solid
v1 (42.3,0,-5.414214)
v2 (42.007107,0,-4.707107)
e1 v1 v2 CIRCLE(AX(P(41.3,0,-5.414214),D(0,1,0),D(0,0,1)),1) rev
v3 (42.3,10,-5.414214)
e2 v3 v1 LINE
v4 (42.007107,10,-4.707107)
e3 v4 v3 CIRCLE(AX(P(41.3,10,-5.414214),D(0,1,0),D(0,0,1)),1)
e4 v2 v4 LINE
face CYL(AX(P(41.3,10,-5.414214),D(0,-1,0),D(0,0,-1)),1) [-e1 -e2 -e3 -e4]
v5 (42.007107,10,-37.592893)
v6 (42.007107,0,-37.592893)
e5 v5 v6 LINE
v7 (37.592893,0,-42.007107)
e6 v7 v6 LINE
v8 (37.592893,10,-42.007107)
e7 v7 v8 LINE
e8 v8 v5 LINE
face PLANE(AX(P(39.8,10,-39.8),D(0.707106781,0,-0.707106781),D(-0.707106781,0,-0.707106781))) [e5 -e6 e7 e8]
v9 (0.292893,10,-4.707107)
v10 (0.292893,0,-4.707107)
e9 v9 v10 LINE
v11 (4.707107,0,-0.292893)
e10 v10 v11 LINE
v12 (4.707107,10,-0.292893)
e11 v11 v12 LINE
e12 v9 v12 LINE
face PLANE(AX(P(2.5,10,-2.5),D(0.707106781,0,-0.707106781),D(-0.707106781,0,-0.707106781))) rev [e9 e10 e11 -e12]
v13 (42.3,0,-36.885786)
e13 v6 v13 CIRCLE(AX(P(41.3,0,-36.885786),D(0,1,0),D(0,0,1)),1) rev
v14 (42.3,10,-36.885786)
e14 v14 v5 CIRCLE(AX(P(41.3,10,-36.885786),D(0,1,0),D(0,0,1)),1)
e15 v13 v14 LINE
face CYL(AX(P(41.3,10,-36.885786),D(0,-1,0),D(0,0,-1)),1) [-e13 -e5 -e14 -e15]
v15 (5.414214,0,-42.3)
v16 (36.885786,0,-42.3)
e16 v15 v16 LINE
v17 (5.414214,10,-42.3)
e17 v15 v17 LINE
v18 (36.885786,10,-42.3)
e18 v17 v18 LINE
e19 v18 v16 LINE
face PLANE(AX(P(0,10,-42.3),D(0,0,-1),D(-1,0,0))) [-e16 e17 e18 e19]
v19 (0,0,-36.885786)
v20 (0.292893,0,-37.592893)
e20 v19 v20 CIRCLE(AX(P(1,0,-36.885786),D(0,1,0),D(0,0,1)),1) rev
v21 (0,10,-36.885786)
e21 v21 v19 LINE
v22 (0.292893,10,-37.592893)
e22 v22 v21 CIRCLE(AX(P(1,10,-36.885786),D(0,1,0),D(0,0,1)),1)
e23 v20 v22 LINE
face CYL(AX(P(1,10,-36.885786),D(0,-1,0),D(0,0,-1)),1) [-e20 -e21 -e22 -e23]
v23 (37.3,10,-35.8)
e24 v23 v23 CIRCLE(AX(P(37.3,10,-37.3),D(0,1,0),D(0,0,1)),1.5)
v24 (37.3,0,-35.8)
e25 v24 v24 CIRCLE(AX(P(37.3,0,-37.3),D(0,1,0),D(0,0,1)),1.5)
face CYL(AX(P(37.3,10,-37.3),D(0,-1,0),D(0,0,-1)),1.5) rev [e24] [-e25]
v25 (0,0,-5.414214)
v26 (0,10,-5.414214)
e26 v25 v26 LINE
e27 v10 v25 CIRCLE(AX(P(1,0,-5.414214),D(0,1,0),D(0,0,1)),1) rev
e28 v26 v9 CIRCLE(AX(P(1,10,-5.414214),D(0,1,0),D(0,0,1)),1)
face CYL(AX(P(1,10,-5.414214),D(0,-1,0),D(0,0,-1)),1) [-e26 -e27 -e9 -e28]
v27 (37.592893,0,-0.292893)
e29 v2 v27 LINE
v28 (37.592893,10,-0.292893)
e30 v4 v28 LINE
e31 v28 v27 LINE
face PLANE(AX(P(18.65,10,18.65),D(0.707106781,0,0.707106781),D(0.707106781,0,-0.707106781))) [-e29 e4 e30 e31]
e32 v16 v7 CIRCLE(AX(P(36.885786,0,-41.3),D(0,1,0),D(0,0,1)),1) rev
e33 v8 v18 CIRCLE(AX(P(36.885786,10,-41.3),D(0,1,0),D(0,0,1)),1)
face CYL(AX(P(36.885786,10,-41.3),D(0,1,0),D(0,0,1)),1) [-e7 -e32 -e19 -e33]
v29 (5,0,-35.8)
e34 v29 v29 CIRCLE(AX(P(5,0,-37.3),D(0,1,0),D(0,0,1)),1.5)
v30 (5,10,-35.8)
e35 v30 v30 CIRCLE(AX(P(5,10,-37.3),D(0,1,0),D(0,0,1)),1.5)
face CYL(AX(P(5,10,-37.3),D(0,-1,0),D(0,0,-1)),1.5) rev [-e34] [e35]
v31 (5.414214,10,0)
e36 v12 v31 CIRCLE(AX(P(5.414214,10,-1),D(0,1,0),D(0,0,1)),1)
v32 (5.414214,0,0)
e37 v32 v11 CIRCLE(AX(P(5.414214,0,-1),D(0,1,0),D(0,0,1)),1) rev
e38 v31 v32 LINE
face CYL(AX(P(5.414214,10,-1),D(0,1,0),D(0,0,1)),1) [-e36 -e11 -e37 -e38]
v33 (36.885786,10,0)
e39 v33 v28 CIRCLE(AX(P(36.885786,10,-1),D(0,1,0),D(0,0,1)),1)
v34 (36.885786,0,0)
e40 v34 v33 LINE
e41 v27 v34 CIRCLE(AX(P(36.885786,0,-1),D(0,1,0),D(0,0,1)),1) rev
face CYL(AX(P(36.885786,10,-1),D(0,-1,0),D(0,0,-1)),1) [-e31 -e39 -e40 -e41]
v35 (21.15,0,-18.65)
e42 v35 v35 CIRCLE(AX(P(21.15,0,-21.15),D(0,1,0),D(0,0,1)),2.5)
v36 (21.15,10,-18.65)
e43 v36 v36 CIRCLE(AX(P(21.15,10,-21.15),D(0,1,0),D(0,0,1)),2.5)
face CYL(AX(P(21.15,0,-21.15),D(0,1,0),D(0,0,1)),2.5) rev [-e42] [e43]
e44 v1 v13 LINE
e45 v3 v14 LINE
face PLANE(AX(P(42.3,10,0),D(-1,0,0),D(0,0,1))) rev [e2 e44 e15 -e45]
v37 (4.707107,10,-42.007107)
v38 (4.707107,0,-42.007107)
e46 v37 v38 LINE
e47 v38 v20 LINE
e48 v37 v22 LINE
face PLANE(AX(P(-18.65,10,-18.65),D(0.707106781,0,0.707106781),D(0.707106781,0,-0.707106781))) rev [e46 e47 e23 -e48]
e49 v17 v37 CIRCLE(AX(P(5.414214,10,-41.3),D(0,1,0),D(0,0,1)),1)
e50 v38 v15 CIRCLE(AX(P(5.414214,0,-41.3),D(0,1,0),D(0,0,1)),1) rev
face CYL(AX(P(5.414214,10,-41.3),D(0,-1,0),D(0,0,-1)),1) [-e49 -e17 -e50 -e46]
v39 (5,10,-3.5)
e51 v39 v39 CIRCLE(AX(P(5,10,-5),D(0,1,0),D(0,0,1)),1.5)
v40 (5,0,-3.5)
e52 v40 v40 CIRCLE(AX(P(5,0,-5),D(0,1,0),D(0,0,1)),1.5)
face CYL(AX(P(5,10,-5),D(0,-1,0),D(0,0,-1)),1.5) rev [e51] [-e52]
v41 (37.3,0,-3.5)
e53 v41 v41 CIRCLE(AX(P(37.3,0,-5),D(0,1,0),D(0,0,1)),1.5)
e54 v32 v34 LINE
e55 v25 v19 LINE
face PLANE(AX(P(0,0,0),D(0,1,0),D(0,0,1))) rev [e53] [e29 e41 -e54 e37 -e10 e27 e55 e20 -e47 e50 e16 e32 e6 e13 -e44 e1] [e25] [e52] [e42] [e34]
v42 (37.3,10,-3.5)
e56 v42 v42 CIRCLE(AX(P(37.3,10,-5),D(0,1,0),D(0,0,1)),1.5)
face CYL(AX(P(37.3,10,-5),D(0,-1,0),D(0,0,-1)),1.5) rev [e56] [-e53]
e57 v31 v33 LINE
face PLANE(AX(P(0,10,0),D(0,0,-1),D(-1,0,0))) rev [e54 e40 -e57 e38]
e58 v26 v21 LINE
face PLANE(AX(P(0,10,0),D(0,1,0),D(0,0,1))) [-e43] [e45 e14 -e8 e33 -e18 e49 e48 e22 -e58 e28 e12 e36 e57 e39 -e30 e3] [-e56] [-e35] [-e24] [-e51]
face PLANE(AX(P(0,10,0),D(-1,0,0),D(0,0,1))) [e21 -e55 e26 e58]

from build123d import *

# Parameters (mm, degrees)
SKETCH1_R           = 1.5
BOSS_EXTRUDE1_DEPTH = 10
FILLET1_R           = 1
FILLET2_R           = 1
FILLET3_R           = 1
FILLET4_R           = 1
FILLET5_R           = 1
FILLET6_R           = 1
FILLET7_R           = 1
FILLET8_R           = 1
SKETCH2_R           = 2.5
CUT_EXTRUDE1_DEPTH  = 10


with BuildPart() as part:
    # Sketch1 → Boss-Extrude1 (new body)
    with BuildSketch(Plane(origin=(0, 0, 0), x_dir=(1, 0, 0), z_dir=(0, 1, 0))):
        Polygon((37.3, 42.3), (5, 42.3), (0, 37.3), (0, 5), (5, 0), (37.3, 0), (42.3, 5), (42.3, 37.3), align=None)
        with Locations(Location((5, 5, 0), (0, 0, 270))):
            Circle(SKETCH1_R, mode=Mode.SUBTRACT)
        with Locations(Location((37.3, 5, 0), (0, 0, 270))):
            Circle(SKETCH1_R, mode=Mode.SUBTRACT)
        with Locations(Location((5, 37.3, 0), (0, 0, 270))):
            Circle(SKETCH1_R, mode=Mode.SUBTRACT)
        with Locations(Location((37.3, 37.3, 0), (0, 0, 270))):
            Circle(SKETCH1_R, mode=Mode.SUBTRACT)
    extrude(amount=BOSS_EXTRUDE1_DEPTH)

    # Fillet1
    fillet1_edges = [part.edges().sort_by_distance(p)[0] for p in [
        (0, 5, -5),
    ]]
    fillet(fillet1_edges, radius=FILLET1_R)

    # Fillet2
    fillet2_edges = [part.edges().sort_by_distance(p)[0] for p in [
        (5, 5, 0),
    ]]
    fillet(fillet2_edges, radius=FILLET2_R)

    # Fillet3
    fillet3_edges = [part.edges().sort_by_distance(p)[0] for p in [
        (37.3, 5, 0),
    ]]
    fillet(fillet3_edges, radius=FILLET3_R)

    # Fillet4
    fillet4_edges = [part.edges().sort_by_distance(p)[0] for p in [
        (42.3, 5, -5),
    ]]
    fillet(fillet4_edges, radius=FILLET4_R)

    # Fillet5
    fillet5_edges = [part.edges().sort_by_distance(p)[0] for p in [
        (42.3, 5, -37.3),
    ]]
    fillet(fillet5_edges, radius=FILLET5_R)

    # Fillet6
    fillet6_edges = [part.edges().sort_by_distance(p)[0] for p in [
        (37.3, 5, -42.3),
    ]]
    fillet(fillet6_edges, radius=FILLET6_R)

    # Fillet7
    fillet7_edges = [part.edges().sort_by_distance(p)[0] for p in [
        (5, 5, -42.3),
    ]]
    fillet(fillet7_edges, radius=FILLET7_R)

    # Fillet8
    fillet8_edges = [part.edges().sort_by_distance(p)[0] for p in [
        (0, 5, -37.3),
    ]]
    fillet(fillet8_edges, radius=FILLET8_R)

    # Sketch2 → Cut-Extrude1 (cut)
    with BuildSketch(Plane(origin=(0, 10, 0), x_dir=(1, 0, 0), z_dir=(0, 1, 0))):
        with Locations(Location((21.15, 21.15, 0), (0, 0, 270))):
            Circle(SKETCH2_R)
    extrude(amount=-CUT_EXTRUDE1_DEPTH, mode=Mode.SUBTRACT)


solid = part.part
